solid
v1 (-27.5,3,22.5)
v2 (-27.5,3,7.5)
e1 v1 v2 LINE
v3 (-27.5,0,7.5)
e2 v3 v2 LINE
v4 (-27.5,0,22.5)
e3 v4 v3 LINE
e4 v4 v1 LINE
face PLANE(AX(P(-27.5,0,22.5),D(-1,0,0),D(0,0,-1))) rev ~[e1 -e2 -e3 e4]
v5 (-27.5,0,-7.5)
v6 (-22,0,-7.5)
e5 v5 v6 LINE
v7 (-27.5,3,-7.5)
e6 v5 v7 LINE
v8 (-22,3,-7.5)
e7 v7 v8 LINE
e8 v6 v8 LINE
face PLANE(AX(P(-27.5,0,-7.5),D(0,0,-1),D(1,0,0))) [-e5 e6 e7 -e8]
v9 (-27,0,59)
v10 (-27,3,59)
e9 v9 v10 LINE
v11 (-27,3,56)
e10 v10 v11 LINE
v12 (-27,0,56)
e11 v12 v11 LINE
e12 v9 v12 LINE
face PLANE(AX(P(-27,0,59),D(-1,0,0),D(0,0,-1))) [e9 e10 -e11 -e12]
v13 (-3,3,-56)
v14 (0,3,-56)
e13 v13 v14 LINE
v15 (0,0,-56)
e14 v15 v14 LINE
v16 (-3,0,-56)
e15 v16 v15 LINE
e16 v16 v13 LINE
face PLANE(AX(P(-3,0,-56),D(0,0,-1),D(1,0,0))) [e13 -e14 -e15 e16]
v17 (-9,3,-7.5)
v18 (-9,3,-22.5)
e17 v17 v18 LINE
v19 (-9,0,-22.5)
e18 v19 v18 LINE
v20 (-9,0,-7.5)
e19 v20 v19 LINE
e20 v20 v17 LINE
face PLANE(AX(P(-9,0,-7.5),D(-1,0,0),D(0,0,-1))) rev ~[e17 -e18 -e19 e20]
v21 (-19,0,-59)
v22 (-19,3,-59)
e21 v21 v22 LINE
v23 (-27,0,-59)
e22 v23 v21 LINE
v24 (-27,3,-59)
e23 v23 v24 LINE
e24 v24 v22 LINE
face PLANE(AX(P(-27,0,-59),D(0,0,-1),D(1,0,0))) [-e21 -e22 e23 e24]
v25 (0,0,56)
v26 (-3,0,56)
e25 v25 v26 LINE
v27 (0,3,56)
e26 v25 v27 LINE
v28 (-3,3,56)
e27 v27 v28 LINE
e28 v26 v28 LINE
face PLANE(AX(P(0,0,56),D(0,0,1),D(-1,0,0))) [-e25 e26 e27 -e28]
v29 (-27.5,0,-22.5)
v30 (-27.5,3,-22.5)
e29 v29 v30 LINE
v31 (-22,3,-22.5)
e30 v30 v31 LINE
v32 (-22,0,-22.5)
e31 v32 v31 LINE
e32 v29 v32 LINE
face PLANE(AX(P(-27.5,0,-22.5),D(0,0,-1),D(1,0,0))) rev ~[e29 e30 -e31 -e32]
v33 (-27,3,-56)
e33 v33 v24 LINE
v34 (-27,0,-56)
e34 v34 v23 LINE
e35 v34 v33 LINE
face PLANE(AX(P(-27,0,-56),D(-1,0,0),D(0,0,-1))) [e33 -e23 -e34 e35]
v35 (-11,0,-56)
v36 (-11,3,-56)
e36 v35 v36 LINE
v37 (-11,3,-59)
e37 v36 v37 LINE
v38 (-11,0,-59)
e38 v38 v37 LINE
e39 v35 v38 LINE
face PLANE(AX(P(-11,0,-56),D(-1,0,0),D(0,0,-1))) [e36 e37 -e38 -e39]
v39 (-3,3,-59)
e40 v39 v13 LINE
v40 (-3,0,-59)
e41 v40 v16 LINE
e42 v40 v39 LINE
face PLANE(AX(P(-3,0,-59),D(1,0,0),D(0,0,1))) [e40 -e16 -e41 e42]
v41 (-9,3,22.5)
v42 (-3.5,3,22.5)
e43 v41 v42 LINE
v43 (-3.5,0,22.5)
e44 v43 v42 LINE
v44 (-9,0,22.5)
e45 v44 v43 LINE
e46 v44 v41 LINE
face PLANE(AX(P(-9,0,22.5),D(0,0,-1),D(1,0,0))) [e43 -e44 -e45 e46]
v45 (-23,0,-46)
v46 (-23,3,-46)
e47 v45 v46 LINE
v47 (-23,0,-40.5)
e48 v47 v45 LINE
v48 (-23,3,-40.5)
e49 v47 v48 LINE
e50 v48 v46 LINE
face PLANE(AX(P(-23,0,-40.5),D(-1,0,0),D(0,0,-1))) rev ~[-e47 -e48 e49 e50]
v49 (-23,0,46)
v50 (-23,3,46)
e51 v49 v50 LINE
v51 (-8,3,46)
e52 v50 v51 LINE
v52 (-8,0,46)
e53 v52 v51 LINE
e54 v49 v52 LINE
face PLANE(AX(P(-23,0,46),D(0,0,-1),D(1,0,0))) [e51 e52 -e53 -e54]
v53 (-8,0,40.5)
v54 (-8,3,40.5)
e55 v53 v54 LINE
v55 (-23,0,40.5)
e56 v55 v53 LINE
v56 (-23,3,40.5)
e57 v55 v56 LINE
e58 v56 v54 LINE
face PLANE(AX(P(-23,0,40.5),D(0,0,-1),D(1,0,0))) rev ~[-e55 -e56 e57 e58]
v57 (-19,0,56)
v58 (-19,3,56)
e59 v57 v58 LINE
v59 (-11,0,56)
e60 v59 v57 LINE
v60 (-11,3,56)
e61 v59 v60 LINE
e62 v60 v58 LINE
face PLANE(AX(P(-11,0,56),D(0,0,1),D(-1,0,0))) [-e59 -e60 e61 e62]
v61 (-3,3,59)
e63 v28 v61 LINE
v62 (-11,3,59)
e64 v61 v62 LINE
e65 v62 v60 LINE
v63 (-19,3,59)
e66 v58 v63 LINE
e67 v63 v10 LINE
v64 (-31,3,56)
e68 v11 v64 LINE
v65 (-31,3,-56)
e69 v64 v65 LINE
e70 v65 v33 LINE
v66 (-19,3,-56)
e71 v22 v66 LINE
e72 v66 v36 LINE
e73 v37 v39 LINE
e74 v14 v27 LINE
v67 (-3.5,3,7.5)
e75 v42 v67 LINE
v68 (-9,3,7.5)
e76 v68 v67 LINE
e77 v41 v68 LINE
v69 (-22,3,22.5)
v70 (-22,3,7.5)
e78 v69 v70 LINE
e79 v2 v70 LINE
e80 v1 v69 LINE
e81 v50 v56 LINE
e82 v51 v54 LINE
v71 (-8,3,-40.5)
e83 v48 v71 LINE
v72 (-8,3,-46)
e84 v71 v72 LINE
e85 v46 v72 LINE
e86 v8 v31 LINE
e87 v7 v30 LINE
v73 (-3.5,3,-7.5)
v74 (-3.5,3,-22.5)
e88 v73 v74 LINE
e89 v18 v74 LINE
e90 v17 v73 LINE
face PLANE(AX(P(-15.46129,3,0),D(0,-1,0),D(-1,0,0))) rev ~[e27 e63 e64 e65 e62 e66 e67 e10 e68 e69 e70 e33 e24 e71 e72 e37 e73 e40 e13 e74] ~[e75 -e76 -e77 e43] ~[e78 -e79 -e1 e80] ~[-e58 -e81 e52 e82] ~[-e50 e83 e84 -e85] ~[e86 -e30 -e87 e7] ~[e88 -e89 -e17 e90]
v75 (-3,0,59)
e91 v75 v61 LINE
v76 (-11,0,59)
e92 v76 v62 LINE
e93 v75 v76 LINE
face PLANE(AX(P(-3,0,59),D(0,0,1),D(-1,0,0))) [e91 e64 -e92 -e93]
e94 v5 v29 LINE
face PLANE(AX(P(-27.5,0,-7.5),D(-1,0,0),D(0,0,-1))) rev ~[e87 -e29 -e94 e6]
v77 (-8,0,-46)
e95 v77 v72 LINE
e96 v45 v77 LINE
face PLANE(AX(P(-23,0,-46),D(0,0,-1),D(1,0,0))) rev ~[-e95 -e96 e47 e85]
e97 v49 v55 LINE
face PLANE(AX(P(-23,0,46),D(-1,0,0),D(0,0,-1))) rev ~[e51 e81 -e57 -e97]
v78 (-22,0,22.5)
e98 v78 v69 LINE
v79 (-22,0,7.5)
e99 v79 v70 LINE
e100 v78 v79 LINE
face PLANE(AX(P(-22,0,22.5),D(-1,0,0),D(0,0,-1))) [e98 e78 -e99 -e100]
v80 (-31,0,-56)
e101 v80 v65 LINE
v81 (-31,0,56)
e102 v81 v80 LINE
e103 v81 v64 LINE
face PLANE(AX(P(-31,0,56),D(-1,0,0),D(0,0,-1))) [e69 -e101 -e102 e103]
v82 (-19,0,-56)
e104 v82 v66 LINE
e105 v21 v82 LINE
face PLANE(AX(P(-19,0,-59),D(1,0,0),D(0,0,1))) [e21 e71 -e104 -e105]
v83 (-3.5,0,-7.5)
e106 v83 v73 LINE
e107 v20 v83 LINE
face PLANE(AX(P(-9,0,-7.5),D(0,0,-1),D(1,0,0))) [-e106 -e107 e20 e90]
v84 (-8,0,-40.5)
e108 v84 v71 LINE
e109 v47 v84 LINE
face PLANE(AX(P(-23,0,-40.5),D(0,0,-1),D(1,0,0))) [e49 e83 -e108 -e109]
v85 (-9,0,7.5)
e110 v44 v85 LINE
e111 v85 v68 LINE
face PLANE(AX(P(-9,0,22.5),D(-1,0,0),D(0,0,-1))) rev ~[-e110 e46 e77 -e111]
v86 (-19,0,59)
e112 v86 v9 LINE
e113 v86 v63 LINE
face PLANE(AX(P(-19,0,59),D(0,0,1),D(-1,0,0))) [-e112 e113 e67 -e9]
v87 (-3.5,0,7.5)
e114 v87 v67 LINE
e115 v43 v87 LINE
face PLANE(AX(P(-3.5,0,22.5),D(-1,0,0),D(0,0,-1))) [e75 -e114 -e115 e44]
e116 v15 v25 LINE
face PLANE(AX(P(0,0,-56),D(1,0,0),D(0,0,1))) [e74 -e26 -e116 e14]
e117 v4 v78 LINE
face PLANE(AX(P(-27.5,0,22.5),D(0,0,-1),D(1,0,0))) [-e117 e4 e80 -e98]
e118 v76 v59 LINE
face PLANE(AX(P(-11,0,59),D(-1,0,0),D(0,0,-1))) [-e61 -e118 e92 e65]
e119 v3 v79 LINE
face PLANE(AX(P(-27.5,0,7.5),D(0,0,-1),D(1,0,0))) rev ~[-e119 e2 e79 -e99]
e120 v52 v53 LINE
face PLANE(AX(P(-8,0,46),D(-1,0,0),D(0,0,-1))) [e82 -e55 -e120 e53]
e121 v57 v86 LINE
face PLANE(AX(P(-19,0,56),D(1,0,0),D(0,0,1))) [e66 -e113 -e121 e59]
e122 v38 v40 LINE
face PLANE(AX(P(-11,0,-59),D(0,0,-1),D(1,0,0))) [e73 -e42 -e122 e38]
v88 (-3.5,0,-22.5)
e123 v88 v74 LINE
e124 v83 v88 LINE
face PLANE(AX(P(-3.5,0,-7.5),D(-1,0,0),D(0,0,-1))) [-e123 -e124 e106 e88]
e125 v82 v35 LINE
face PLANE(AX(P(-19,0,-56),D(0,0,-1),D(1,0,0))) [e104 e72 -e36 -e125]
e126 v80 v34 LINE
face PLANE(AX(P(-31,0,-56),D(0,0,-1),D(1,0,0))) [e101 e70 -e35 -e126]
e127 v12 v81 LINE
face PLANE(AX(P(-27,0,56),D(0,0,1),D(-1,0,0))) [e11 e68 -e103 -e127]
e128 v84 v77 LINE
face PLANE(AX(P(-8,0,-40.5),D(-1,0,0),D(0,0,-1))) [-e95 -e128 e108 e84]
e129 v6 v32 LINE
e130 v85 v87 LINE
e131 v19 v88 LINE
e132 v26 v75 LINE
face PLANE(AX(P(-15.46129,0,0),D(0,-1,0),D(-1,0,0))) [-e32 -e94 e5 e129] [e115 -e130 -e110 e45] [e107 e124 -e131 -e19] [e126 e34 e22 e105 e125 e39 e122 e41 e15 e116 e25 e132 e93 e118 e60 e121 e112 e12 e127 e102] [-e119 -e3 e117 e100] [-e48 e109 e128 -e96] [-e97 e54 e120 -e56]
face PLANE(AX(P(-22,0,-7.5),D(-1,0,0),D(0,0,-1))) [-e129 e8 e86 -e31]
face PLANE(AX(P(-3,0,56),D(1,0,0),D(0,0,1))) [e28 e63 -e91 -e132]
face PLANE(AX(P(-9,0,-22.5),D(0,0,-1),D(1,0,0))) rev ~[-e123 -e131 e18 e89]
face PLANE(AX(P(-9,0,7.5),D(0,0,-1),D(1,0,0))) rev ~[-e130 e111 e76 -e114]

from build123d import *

# Parameters (mm, degrees)
SKETCH1_W           = 15
SKETCH1_H           = 5.5
SKETCH1_W_2         = 5.5
SKETCH1_H_2         = 15
BOSS_EXTRUDE1_DEPTH = 3


with BuildPart() as part:
    # Sketch1 → Boss-Extrude1 (new body)
    with BuildSketch(Plane(origin=(0, 0, 0), x_dir=(1, 0, 0), z_dir=(0, 1, 0))):
        Polygon((0, 56), (0, -56), (-3, -56), (-3, -59), (-11, -59), (-11, -56), (-19, -56), (-19, -59), (-27, -59), (-27, -56), (-31, -56), (-31, 56), (-27, 56), (-27, 59), (-19, 59), (-19, 56), (-11, 56), (-11, 59), (-3, 59), (-3, 56), align=None)
        with Locations((-15.5, -43.25)):
            Rectangle(SKETCH1_W, SKETCH1_H, mode=Mode.SUBTRACT)
        with Locations((-24.75, -15)):
            Rectangle(SKETCH1_W_2, SKETCH1_H_2, mode=Mode.SUBTRACT)
        with Locations((-6.25, -15)):
            Rectangle(SKETCH1_W_2, SKETCH1_H_2, mode=Mode.SUBTRACT)
        with Locations((-24.75, 15)):
            Rectangle(SKETCH1_W_2, SKETCH1_H_2, mode=Mode.SUBTRACT)
        with Locations((-6.25, 15)):
            Rectangle(SKETCH1_W_2, SKETCH1_H_2, mode=Mode.SUBTRACT)
        with Locations((-15.5, 43.25)):
            Rectangle(SKETCH1_W, SKETCH1_H, mode=Mode.SUBTRACT)
    extrude(amount=BOSS_EXTRUDE1_DEPTH)


solid = part.part
